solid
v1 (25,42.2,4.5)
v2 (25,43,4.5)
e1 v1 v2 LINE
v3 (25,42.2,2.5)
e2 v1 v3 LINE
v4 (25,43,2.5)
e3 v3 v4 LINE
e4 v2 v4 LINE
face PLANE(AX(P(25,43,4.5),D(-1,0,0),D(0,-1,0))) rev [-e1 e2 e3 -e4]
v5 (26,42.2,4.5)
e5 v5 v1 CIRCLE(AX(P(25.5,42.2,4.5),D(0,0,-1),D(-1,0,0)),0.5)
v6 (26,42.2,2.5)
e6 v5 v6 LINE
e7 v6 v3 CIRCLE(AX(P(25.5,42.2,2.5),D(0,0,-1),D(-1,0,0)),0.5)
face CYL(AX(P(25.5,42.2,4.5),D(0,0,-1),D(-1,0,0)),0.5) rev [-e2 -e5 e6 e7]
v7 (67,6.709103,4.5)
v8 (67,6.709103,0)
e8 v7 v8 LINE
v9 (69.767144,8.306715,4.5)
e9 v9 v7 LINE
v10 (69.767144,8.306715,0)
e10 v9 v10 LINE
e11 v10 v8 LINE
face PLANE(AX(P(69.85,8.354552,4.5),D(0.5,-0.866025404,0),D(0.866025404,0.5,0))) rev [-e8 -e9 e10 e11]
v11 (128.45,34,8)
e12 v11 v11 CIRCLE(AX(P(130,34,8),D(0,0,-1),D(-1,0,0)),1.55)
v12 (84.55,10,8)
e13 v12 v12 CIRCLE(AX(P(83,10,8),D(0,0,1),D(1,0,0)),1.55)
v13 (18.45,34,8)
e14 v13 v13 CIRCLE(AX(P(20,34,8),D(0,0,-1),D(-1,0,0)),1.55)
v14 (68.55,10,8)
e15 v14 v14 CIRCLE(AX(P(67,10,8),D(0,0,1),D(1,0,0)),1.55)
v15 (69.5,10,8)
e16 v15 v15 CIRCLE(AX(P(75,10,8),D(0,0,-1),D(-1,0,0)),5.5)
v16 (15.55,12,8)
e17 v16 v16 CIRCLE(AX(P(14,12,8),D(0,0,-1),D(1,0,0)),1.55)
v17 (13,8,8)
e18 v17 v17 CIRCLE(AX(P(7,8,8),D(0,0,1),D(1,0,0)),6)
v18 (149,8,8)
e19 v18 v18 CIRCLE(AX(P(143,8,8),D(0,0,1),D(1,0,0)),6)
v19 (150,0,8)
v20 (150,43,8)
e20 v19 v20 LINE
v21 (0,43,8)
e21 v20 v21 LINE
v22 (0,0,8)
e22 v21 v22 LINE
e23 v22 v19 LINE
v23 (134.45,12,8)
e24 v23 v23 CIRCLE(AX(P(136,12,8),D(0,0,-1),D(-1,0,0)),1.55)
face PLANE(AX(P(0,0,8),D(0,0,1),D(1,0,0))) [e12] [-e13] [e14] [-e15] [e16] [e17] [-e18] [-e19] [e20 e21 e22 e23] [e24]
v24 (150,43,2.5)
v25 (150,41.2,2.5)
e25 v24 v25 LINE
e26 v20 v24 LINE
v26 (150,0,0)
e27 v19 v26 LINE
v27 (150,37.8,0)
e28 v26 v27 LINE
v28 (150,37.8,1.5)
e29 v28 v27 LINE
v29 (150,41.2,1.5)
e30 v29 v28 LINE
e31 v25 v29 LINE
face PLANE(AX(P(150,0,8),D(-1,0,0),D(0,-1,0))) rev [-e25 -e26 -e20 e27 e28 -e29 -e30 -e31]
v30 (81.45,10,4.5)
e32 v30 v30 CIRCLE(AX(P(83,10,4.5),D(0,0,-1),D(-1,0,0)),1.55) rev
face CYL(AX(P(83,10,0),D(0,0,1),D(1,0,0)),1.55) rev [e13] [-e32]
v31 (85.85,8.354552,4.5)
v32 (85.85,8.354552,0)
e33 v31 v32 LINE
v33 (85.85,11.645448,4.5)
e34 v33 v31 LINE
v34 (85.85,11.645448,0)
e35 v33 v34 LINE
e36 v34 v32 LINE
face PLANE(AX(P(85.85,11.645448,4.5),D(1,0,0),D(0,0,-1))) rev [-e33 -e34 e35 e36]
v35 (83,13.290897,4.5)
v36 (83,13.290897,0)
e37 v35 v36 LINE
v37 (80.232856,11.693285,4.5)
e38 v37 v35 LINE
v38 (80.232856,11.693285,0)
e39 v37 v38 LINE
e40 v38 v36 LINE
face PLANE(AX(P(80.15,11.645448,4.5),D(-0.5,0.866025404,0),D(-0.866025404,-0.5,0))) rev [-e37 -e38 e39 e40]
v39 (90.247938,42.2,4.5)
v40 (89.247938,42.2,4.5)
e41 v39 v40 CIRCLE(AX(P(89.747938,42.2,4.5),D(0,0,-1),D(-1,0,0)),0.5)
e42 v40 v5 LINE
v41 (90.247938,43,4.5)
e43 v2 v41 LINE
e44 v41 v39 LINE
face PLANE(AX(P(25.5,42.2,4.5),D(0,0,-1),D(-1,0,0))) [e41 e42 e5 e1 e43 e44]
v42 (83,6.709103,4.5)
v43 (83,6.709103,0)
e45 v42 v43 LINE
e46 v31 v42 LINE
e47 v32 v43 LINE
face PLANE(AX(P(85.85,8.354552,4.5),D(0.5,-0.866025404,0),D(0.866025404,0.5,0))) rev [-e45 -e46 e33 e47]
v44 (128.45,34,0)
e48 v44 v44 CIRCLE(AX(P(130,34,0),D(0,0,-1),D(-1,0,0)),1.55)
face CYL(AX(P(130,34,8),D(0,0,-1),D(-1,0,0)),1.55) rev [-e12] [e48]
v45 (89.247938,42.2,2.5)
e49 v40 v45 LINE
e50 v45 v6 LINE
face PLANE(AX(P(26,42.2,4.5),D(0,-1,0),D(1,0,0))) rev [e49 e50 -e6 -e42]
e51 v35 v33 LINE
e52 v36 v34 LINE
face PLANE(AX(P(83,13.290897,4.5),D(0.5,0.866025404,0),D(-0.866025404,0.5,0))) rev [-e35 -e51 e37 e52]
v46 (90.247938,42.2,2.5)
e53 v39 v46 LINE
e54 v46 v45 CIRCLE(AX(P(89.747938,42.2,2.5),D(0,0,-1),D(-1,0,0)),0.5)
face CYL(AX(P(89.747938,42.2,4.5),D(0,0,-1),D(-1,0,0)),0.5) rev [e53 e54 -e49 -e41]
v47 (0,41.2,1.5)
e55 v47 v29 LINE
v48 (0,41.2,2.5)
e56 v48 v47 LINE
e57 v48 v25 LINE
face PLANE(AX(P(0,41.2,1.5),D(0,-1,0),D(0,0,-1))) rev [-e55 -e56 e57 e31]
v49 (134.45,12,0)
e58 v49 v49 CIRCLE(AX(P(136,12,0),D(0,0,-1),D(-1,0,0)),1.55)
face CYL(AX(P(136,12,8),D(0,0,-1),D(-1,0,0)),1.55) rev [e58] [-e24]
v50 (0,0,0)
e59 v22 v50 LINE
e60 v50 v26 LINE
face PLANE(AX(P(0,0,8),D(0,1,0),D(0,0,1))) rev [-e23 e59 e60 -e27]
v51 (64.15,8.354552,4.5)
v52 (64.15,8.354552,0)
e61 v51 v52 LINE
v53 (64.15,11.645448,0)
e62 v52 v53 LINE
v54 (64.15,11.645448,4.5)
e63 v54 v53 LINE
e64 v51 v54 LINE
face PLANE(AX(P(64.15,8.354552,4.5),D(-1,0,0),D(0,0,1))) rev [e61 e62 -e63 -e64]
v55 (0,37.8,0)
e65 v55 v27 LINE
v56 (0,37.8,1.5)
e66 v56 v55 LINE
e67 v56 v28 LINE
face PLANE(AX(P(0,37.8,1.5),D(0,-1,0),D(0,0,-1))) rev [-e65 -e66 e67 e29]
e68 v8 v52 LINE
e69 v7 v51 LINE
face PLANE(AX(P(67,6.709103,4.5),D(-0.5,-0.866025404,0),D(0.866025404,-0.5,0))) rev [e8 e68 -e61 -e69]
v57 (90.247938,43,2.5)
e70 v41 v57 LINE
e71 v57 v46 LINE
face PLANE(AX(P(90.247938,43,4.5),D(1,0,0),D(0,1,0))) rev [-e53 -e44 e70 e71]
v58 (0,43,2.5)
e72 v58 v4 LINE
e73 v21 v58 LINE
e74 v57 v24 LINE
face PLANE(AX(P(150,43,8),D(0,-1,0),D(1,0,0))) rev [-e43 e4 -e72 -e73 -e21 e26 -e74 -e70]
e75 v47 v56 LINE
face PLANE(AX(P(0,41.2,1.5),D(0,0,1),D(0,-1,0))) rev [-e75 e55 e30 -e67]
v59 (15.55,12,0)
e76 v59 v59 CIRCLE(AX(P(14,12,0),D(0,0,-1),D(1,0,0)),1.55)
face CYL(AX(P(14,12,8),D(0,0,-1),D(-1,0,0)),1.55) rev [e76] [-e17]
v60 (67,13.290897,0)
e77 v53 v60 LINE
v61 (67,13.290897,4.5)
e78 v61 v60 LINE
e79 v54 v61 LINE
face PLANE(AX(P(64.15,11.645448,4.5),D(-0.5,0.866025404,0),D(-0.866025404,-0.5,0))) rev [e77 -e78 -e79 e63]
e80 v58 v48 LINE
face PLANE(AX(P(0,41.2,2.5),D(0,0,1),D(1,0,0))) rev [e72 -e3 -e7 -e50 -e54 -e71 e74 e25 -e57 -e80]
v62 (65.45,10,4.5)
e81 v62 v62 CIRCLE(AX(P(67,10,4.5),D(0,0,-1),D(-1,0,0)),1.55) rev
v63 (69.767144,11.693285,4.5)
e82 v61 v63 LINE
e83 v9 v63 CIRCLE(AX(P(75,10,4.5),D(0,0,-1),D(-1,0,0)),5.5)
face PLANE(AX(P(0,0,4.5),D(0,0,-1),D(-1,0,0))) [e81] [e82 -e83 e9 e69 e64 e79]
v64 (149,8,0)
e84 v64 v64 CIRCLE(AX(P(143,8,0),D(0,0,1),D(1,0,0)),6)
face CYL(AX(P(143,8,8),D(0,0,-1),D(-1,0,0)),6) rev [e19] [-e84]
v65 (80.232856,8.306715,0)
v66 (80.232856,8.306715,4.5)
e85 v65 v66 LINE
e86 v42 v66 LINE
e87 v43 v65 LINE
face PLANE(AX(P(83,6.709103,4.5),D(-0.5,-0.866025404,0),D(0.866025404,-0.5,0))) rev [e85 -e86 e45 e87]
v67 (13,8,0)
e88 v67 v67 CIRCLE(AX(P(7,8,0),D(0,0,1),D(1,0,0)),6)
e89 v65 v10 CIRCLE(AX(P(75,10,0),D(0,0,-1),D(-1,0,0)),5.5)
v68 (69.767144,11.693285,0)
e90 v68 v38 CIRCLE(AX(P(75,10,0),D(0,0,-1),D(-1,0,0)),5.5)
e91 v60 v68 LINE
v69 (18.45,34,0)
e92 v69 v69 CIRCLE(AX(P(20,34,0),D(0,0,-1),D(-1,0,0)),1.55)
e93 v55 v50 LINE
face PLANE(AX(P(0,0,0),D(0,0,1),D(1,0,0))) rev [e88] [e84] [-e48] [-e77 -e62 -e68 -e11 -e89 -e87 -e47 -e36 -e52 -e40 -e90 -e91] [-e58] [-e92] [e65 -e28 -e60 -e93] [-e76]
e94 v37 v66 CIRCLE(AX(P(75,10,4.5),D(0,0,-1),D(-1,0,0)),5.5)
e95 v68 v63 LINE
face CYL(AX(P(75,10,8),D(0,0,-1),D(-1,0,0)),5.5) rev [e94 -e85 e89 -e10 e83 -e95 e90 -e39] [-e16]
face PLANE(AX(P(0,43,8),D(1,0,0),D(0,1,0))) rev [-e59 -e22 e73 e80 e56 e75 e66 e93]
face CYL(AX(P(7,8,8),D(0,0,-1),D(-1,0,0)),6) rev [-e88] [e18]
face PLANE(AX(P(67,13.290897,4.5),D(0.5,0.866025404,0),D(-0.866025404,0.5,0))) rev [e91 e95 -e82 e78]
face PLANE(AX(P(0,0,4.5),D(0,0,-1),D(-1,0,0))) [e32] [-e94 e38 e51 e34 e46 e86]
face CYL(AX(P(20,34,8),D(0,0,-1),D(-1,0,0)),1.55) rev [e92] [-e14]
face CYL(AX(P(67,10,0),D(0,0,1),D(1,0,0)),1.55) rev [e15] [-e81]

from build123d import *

# Parameters (mm, degrees)
SKETCH_2_W           = 150
SKETCH_2_H           = 43
SKETCH_2_R           = 6
SKETCH_2_R_2         = 4.05
EXTRUDE_1_DEPTH      = 8
CUT_EXTRUDE_2_DEPTH  = 157.246599963
SKETCH_5_R           = 1.55
CUT_EXTRUDE_3_DEPTH  = 157.246599963
CUT_EXTRUDE_5_DEPTH  = 4.5
SKETCH_11_R          = 1.55
CUT_EXTRUDE_7_DEPTH  = 157.246599963
CUT_EXTRUDE_11_DEPTH = 2
SKETCH_22_R          = 1.55
CUT_EXTRUDE_13_DEPTH = 157.246599963
SKETCH_20_R          = 5.5
CUT_EXTRUDE_14_DEPTH = 157.246599963


with BuildPart() as part:
    # 草图2 → 凸台-拉伸1 (new body)
    with BuildSketch(Plane.XY):
        with Locations((75, 21.5)):
            Rectangle(SKETCH_2_W, SKETCH_2_H)
        with Locations((7, 8)):
            Circle(SKETCH_2_R, mode=Mode.SUBTRACT)
        with Locations((75, 10)):
            Circle(SKETCH_2_R_2, mode=Mode.SUBTRACT)
        with Locations((143, 8)):
            Circle(SKETCH_2_R, mode=Mode.SUBTRACT)
    extrude(amount=EXTRUDE_1_DEPTH)

    # 草图4 → 切除-拉伸2 (cut, through all)
    with BuildSketch(Plane(origin=(150, 0, 0), x_dir=(0, 0, -1), z_dir=(1, 0, 0))):
        Polygon((-1.5, 41.2), (-2.5, 41.2), (-2.5, 43), (0, 43), (0, 37.8), (-1.5, 37.8), align=None)
    extrude(amount=-CUT_EXTRUDE_2_DEPTH, mode=Mode.SUBTRACT)

    # 草图5 → 切除-拉伸3 (cut, through all)
    with BuildSketch(Plane.XY.offset(8)):
        with Locations((83, 10)):
            Circle(SKETCH_5_R)
        with Locations((67, 10)):
            Circle(SKETCH_5_R)
    extrude(amount=-CUT_EXTRUDE_3_DEPTH, mode=Mode.SUBTRACT)

    # 草图8 → 切除-拉伸5 (cut)
    with BuildSketch(Plane(origin=(0, 0, 0), x_dir=(-1, 0, 0), z_dir=(0, 0, -1))):
        Polygon((-80.15, 8.354551733), (-80.15, 11.645448267), (-83, 13.290896534), (-85.85, 11.645448267), (-85.85, 8.354551733), (-83, 6.709103466), align=None)
        Polygon((-69.85, 8.354551733), (-67, 6.709103466), (-64.15, 8.354551733), (-64.15, 11.645448267), (-67, 13.290896534), (-69.85, 11.645448267), align=None)
    extrude(amount=-CUT_EXTRUDE_5_DEPTH, mode=Mode.SUBTRACT)

    # 草图11 → 切除-拉伸7 (cut, through all)
    with BuildSketch(Plane(origin=(0, 0, 0), x_dir=(-1, 0, 0), z_dir=(0, 0, -1))):
        with Locations((-130, 34)):
            Circle(SKETCH_11_R)
        with Locations((-20, 34)):
            Circle(SKETCH_11_R)
    extrude(amount=-CUT_EXTRUDE_7_DEPTH, mode=Mode.SUBTRACT)

    # 草图19 → 切除-拉伸11 (cut)
    with BuildSketch(Plane(origin=(0, 0, 2.5), x_dir=(-1, 0, 0), z_dir=(0, 0, -1))):
        with BuildLine():
            Line((-25, 43), (-90.247938178, 43))
            Line((-90.247938178, 43), (-90.247938178, 42.2))
            ThreePointArc((-90.247938178, 42.2), (-89.747938178, 41.7), (-89.247938178, 42.2))
            Line((-89.247938178, 42.2), (-26, 42.2))
            ThreePointArc((-26, 42.2), (-25.5, 41.7), (-25, 42.2))
            Line((-25, 42.2), (-25, 43))
        make_face()
    extrude(amount=-CUT_EXTRUDE_11_DEPTH, mode=Mode.SUBTRACT)

    # 草图22 → 切除-拉伸13 (cut, through all)
    with BuildSketch(Plane(origin=(0, 0, 0), x_dir=(-1, 0, 0), z_dir=(0, 0, -1))):
        with Locations((-136, 12.000000001)):
            Circle(SKETCH_22_R)
        with Locations(Location((-14, 12.000000001, 0), (0, 0, 180))):
            Circle(SKETCH_22_R)
    extrude(amount=-CUT_EXTRUDE_13_DEPTH, mode=Mode.SUBTRACT)

    # 草图20 → 切除-拉伸14 (cut, through all)
    with BuildSketch(Plane(origin=(0, 0, 0), x_dir=(-1, 0, 0), z_dir=(0, 0, -1))):
        with Locations((-75, 10)):
            Circle(SKETCH_20_R)
    extrude(amount=-CUT_EXTRUDE_14_DEPTH, mode=Mode.SUBTRACT)


solid = part.part
